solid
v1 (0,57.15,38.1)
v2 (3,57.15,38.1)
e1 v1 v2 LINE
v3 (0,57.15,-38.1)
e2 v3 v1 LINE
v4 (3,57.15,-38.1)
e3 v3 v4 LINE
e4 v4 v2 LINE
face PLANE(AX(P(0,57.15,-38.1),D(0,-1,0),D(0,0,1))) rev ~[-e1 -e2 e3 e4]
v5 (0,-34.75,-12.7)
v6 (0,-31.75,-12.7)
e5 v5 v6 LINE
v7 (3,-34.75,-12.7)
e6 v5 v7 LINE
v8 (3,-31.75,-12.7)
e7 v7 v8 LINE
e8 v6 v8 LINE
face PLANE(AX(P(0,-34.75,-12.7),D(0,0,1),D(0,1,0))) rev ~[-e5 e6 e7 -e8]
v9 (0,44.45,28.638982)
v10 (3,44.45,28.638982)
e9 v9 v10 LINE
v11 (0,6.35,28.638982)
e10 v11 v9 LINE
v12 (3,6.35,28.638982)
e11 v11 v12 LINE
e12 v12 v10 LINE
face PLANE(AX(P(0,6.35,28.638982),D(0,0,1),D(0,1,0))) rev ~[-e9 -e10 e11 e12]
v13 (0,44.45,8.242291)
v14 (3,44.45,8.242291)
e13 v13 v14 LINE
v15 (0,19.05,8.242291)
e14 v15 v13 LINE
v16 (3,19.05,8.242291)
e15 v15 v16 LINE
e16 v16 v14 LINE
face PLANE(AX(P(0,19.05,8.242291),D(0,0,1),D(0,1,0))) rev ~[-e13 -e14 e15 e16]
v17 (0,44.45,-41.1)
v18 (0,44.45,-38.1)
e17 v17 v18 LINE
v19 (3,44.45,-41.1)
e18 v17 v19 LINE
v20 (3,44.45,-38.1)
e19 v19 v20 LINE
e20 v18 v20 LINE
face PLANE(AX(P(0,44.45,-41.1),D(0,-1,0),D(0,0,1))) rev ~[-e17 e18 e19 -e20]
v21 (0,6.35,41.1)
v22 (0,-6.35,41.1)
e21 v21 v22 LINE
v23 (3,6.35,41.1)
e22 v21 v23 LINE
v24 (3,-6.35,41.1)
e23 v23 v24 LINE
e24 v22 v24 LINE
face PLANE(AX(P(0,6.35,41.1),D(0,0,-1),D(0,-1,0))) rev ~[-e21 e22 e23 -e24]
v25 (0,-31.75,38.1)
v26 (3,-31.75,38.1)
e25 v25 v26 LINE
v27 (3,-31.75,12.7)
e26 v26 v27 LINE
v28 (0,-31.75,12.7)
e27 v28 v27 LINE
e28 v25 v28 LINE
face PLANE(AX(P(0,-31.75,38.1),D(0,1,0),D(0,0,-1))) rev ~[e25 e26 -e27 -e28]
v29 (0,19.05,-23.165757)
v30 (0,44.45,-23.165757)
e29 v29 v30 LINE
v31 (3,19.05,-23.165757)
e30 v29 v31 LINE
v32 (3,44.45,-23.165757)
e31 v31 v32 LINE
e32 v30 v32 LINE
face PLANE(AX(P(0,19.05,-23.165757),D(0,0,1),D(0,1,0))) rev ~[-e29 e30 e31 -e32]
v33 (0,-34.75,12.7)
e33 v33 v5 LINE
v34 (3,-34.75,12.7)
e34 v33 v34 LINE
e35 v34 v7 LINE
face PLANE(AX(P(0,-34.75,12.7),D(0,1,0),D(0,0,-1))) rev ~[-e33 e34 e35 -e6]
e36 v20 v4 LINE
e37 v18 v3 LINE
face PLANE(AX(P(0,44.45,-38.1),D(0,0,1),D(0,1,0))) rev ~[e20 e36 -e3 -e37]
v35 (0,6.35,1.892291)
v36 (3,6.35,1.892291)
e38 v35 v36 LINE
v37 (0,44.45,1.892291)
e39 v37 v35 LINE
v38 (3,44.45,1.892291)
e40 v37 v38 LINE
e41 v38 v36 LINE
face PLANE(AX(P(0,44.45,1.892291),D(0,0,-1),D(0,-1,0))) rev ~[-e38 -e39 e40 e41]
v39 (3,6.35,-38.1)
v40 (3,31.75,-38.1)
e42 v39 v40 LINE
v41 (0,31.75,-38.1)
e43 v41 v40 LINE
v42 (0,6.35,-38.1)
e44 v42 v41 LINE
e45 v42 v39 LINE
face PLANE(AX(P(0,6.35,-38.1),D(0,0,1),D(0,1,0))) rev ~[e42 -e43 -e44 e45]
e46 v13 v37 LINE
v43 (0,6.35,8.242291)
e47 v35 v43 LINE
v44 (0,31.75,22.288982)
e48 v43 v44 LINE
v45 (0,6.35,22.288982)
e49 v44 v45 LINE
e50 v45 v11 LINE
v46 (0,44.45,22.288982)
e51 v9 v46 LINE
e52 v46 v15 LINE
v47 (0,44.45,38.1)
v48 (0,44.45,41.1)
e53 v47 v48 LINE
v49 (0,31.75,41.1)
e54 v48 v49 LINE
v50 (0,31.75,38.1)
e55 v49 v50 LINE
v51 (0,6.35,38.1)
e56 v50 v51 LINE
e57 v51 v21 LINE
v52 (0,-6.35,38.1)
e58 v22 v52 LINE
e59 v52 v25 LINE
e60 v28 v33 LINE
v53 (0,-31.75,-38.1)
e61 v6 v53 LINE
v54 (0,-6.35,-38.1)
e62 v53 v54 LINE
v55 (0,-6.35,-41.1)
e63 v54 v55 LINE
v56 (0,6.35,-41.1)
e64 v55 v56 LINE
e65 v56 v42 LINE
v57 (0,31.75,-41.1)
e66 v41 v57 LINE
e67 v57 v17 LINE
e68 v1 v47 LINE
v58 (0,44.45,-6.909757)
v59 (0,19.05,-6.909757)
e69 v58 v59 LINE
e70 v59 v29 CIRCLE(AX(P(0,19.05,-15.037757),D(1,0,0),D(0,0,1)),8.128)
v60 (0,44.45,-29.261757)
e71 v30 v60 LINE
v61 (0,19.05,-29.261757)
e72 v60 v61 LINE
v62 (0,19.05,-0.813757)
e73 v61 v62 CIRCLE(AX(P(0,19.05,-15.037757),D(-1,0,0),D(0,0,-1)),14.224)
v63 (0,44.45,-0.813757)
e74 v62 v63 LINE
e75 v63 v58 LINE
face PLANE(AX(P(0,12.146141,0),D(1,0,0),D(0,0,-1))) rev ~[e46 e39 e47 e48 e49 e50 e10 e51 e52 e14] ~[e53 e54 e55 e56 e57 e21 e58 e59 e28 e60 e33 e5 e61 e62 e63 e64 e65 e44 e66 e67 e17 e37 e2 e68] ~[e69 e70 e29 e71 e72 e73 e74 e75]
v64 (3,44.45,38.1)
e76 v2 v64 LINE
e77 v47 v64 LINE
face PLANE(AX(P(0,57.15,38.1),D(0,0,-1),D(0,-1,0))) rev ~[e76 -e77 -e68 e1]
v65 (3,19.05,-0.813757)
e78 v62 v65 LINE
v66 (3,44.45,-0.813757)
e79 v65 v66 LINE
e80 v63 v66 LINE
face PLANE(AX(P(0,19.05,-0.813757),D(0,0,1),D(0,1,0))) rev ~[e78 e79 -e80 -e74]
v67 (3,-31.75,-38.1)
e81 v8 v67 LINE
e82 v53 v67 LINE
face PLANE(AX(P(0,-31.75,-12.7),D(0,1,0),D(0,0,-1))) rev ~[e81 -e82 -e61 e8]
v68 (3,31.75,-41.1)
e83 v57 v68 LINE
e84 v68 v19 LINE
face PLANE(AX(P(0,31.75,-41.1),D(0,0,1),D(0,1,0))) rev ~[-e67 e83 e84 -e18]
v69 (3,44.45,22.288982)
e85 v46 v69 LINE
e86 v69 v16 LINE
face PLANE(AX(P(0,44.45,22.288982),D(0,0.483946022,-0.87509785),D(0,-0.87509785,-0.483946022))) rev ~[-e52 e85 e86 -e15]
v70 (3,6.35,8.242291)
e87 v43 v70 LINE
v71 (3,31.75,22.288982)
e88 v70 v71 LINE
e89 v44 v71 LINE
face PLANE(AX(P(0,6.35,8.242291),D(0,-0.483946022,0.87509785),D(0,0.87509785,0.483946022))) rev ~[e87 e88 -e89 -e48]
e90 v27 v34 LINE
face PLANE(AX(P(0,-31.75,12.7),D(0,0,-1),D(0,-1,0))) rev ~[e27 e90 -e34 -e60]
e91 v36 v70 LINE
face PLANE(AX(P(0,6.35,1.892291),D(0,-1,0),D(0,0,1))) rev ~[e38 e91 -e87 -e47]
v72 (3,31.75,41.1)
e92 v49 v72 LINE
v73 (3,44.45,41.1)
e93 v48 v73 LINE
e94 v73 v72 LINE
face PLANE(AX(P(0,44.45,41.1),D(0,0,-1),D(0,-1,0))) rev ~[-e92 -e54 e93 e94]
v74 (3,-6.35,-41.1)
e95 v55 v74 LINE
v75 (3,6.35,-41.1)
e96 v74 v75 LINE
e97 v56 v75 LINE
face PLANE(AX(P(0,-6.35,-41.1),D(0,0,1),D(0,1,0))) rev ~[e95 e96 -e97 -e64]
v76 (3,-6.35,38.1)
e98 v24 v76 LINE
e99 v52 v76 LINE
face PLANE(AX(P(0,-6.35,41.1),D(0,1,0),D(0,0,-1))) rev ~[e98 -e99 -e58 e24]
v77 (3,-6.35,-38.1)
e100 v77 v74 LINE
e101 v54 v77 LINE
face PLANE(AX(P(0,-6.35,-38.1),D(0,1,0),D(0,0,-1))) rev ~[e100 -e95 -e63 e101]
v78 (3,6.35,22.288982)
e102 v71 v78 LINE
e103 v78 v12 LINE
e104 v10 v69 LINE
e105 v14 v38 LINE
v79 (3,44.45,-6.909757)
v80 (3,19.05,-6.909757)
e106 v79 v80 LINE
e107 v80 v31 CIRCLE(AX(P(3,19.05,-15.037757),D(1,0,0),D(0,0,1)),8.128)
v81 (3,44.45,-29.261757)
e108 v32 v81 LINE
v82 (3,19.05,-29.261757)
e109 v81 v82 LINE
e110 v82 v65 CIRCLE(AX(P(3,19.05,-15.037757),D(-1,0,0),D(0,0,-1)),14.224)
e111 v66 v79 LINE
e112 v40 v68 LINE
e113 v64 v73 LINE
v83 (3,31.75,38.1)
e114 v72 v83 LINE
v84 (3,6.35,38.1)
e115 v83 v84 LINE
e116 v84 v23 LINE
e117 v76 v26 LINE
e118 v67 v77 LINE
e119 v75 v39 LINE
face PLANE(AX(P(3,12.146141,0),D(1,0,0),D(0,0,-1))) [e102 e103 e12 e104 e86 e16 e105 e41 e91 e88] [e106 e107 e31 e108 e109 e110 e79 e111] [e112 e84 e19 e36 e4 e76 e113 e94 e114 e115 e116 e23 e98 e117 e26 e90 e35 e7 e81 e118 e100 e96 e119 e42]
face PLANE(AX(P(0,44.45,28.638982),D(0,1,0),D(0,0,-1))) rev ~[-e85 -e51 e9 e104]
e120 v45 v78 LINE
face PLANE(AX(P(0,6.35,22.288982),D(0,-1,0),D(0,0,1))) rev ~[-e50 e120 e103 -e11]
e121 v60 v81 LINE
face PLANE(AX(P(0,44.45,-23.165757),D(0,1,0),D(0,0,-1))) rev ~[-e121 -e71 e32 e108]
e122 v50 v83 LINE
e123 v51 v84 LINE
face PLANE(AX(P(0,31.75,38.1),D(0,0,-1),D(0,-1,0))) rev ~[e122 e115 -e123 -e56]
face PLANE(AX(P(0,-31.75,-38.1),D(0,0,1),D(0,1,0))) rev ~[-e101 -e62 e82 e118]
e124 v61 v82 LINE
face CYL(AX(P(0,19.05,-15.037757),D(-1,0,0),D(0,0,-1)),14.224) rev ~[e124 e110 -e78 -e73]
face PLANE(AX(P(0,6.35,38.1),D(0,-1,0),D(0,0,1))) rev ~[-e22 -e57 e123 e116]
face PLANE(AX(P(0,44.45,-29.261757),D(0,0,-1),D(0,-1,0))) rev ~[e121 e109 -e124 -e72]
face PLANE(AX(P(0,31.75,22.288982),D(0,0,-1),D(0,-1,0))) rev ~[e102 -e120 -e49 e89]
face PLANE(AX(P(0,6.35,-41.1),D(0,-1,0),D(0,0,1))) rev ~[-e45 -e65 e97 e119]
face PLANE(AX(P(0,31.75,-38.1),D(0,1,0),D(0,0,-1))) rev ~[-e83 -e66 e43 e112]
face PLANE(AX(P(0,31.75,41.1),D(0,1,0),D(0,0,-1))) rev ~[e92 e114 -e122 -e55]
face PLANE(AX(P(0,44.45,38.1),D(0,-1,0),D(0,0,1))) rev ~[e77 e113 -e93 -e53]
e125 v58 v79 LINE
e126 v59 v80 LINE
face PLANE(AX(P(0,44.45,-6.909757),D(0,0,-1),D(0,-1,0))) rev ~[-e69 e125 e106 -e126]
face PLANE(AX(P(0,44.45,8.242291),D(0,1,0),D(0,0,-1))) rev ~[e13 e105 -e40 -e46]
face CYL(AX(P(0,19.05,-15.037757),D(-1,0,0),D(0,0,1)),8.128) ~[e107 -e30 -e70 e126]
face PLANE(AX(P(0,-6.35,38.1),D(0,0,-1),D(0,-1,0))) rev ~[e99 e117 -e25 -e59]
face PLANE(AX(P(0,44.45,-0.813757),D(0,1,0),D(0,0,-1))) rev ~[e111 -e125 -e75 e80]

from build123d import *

# Parameters (mm, degrees)
BOSS_EXTRUDE1_DEPTH = 3


with BuildPart() as part:
    # Sketch1 → Boss-Extrude1 (new body)
    with BuildSketch(Plane(origin=(0, 0, 0), x_dir=(0, 0, -1), z_dir=(1, 0, 0))):
        Polygon((-38.1, -17.2847), (-38.1, -20.8153), (-38.1, -31.75), (-12.7, -31.75), (-12.7, -34.75), (12.7, -34.75), (12.7, -31.75), (38.1, -31.75), (38.1, -20.8153), (38.1, -17.2847), (38.1, -6.35), (41.1, -6.35), (41.1, 6.35), (38.1, 6.35), (38.1, 31.75), (41.1, 31.75), (41.1, 44.45), (38.1, 44.45), (38.1, 57.15), (-38.1, 57.15), (-38.1, 44.45), (-41.1, 44.45), (-41.1, 31.75), (-38.1, 31.75), (-38.1, 6.35), (-41.1, 6.35), (-41.1, -6.35), (-38.1, -6.35), align=None)
        Polygon((-22.288981843, 44.45), (-8.242290985, 19.05), (-8.242290985, 44.45), (-1.892290985, 44.45), (-1.892290985, 6.35), (-8.242290985, 6.35), (-22.288981843, 31.75), (-22.288981843, 6.35), (-28.638981843, 6.35), (-28.638981843, 44.45), align=None, mode=Mode.SUBTRACT)
        with BuildLine():
            Line((23.165757053, 44.45), (29.261757053, 44.45))
            Line((29.261757053, 44.45), (29.261757053, 19.05))
            ThreePointArc((29.261757053, 19.05), (15.037757053, 4.826), (0.813757053, 19.05))
            Line((0.813757053, 19.05), (0.813757053, 44.45))
            Line((0.813757053, 44.45), (6.909757053, 44.45))
            Line((6.909757053, 44.45), (6.909757053, 19.05))
            ThreePointArc((6.909757053, 19.05), (15.037757053, 10.922), (23.165757053, 19.05))
            Line((23.165757053, 19.05), (23.165757053, 44.45))
        make_face(mode=Mode.SUBTRACT)
    extrude(amount=BOSS_EXTRUDE1_DEPTH)


solid = part.part
